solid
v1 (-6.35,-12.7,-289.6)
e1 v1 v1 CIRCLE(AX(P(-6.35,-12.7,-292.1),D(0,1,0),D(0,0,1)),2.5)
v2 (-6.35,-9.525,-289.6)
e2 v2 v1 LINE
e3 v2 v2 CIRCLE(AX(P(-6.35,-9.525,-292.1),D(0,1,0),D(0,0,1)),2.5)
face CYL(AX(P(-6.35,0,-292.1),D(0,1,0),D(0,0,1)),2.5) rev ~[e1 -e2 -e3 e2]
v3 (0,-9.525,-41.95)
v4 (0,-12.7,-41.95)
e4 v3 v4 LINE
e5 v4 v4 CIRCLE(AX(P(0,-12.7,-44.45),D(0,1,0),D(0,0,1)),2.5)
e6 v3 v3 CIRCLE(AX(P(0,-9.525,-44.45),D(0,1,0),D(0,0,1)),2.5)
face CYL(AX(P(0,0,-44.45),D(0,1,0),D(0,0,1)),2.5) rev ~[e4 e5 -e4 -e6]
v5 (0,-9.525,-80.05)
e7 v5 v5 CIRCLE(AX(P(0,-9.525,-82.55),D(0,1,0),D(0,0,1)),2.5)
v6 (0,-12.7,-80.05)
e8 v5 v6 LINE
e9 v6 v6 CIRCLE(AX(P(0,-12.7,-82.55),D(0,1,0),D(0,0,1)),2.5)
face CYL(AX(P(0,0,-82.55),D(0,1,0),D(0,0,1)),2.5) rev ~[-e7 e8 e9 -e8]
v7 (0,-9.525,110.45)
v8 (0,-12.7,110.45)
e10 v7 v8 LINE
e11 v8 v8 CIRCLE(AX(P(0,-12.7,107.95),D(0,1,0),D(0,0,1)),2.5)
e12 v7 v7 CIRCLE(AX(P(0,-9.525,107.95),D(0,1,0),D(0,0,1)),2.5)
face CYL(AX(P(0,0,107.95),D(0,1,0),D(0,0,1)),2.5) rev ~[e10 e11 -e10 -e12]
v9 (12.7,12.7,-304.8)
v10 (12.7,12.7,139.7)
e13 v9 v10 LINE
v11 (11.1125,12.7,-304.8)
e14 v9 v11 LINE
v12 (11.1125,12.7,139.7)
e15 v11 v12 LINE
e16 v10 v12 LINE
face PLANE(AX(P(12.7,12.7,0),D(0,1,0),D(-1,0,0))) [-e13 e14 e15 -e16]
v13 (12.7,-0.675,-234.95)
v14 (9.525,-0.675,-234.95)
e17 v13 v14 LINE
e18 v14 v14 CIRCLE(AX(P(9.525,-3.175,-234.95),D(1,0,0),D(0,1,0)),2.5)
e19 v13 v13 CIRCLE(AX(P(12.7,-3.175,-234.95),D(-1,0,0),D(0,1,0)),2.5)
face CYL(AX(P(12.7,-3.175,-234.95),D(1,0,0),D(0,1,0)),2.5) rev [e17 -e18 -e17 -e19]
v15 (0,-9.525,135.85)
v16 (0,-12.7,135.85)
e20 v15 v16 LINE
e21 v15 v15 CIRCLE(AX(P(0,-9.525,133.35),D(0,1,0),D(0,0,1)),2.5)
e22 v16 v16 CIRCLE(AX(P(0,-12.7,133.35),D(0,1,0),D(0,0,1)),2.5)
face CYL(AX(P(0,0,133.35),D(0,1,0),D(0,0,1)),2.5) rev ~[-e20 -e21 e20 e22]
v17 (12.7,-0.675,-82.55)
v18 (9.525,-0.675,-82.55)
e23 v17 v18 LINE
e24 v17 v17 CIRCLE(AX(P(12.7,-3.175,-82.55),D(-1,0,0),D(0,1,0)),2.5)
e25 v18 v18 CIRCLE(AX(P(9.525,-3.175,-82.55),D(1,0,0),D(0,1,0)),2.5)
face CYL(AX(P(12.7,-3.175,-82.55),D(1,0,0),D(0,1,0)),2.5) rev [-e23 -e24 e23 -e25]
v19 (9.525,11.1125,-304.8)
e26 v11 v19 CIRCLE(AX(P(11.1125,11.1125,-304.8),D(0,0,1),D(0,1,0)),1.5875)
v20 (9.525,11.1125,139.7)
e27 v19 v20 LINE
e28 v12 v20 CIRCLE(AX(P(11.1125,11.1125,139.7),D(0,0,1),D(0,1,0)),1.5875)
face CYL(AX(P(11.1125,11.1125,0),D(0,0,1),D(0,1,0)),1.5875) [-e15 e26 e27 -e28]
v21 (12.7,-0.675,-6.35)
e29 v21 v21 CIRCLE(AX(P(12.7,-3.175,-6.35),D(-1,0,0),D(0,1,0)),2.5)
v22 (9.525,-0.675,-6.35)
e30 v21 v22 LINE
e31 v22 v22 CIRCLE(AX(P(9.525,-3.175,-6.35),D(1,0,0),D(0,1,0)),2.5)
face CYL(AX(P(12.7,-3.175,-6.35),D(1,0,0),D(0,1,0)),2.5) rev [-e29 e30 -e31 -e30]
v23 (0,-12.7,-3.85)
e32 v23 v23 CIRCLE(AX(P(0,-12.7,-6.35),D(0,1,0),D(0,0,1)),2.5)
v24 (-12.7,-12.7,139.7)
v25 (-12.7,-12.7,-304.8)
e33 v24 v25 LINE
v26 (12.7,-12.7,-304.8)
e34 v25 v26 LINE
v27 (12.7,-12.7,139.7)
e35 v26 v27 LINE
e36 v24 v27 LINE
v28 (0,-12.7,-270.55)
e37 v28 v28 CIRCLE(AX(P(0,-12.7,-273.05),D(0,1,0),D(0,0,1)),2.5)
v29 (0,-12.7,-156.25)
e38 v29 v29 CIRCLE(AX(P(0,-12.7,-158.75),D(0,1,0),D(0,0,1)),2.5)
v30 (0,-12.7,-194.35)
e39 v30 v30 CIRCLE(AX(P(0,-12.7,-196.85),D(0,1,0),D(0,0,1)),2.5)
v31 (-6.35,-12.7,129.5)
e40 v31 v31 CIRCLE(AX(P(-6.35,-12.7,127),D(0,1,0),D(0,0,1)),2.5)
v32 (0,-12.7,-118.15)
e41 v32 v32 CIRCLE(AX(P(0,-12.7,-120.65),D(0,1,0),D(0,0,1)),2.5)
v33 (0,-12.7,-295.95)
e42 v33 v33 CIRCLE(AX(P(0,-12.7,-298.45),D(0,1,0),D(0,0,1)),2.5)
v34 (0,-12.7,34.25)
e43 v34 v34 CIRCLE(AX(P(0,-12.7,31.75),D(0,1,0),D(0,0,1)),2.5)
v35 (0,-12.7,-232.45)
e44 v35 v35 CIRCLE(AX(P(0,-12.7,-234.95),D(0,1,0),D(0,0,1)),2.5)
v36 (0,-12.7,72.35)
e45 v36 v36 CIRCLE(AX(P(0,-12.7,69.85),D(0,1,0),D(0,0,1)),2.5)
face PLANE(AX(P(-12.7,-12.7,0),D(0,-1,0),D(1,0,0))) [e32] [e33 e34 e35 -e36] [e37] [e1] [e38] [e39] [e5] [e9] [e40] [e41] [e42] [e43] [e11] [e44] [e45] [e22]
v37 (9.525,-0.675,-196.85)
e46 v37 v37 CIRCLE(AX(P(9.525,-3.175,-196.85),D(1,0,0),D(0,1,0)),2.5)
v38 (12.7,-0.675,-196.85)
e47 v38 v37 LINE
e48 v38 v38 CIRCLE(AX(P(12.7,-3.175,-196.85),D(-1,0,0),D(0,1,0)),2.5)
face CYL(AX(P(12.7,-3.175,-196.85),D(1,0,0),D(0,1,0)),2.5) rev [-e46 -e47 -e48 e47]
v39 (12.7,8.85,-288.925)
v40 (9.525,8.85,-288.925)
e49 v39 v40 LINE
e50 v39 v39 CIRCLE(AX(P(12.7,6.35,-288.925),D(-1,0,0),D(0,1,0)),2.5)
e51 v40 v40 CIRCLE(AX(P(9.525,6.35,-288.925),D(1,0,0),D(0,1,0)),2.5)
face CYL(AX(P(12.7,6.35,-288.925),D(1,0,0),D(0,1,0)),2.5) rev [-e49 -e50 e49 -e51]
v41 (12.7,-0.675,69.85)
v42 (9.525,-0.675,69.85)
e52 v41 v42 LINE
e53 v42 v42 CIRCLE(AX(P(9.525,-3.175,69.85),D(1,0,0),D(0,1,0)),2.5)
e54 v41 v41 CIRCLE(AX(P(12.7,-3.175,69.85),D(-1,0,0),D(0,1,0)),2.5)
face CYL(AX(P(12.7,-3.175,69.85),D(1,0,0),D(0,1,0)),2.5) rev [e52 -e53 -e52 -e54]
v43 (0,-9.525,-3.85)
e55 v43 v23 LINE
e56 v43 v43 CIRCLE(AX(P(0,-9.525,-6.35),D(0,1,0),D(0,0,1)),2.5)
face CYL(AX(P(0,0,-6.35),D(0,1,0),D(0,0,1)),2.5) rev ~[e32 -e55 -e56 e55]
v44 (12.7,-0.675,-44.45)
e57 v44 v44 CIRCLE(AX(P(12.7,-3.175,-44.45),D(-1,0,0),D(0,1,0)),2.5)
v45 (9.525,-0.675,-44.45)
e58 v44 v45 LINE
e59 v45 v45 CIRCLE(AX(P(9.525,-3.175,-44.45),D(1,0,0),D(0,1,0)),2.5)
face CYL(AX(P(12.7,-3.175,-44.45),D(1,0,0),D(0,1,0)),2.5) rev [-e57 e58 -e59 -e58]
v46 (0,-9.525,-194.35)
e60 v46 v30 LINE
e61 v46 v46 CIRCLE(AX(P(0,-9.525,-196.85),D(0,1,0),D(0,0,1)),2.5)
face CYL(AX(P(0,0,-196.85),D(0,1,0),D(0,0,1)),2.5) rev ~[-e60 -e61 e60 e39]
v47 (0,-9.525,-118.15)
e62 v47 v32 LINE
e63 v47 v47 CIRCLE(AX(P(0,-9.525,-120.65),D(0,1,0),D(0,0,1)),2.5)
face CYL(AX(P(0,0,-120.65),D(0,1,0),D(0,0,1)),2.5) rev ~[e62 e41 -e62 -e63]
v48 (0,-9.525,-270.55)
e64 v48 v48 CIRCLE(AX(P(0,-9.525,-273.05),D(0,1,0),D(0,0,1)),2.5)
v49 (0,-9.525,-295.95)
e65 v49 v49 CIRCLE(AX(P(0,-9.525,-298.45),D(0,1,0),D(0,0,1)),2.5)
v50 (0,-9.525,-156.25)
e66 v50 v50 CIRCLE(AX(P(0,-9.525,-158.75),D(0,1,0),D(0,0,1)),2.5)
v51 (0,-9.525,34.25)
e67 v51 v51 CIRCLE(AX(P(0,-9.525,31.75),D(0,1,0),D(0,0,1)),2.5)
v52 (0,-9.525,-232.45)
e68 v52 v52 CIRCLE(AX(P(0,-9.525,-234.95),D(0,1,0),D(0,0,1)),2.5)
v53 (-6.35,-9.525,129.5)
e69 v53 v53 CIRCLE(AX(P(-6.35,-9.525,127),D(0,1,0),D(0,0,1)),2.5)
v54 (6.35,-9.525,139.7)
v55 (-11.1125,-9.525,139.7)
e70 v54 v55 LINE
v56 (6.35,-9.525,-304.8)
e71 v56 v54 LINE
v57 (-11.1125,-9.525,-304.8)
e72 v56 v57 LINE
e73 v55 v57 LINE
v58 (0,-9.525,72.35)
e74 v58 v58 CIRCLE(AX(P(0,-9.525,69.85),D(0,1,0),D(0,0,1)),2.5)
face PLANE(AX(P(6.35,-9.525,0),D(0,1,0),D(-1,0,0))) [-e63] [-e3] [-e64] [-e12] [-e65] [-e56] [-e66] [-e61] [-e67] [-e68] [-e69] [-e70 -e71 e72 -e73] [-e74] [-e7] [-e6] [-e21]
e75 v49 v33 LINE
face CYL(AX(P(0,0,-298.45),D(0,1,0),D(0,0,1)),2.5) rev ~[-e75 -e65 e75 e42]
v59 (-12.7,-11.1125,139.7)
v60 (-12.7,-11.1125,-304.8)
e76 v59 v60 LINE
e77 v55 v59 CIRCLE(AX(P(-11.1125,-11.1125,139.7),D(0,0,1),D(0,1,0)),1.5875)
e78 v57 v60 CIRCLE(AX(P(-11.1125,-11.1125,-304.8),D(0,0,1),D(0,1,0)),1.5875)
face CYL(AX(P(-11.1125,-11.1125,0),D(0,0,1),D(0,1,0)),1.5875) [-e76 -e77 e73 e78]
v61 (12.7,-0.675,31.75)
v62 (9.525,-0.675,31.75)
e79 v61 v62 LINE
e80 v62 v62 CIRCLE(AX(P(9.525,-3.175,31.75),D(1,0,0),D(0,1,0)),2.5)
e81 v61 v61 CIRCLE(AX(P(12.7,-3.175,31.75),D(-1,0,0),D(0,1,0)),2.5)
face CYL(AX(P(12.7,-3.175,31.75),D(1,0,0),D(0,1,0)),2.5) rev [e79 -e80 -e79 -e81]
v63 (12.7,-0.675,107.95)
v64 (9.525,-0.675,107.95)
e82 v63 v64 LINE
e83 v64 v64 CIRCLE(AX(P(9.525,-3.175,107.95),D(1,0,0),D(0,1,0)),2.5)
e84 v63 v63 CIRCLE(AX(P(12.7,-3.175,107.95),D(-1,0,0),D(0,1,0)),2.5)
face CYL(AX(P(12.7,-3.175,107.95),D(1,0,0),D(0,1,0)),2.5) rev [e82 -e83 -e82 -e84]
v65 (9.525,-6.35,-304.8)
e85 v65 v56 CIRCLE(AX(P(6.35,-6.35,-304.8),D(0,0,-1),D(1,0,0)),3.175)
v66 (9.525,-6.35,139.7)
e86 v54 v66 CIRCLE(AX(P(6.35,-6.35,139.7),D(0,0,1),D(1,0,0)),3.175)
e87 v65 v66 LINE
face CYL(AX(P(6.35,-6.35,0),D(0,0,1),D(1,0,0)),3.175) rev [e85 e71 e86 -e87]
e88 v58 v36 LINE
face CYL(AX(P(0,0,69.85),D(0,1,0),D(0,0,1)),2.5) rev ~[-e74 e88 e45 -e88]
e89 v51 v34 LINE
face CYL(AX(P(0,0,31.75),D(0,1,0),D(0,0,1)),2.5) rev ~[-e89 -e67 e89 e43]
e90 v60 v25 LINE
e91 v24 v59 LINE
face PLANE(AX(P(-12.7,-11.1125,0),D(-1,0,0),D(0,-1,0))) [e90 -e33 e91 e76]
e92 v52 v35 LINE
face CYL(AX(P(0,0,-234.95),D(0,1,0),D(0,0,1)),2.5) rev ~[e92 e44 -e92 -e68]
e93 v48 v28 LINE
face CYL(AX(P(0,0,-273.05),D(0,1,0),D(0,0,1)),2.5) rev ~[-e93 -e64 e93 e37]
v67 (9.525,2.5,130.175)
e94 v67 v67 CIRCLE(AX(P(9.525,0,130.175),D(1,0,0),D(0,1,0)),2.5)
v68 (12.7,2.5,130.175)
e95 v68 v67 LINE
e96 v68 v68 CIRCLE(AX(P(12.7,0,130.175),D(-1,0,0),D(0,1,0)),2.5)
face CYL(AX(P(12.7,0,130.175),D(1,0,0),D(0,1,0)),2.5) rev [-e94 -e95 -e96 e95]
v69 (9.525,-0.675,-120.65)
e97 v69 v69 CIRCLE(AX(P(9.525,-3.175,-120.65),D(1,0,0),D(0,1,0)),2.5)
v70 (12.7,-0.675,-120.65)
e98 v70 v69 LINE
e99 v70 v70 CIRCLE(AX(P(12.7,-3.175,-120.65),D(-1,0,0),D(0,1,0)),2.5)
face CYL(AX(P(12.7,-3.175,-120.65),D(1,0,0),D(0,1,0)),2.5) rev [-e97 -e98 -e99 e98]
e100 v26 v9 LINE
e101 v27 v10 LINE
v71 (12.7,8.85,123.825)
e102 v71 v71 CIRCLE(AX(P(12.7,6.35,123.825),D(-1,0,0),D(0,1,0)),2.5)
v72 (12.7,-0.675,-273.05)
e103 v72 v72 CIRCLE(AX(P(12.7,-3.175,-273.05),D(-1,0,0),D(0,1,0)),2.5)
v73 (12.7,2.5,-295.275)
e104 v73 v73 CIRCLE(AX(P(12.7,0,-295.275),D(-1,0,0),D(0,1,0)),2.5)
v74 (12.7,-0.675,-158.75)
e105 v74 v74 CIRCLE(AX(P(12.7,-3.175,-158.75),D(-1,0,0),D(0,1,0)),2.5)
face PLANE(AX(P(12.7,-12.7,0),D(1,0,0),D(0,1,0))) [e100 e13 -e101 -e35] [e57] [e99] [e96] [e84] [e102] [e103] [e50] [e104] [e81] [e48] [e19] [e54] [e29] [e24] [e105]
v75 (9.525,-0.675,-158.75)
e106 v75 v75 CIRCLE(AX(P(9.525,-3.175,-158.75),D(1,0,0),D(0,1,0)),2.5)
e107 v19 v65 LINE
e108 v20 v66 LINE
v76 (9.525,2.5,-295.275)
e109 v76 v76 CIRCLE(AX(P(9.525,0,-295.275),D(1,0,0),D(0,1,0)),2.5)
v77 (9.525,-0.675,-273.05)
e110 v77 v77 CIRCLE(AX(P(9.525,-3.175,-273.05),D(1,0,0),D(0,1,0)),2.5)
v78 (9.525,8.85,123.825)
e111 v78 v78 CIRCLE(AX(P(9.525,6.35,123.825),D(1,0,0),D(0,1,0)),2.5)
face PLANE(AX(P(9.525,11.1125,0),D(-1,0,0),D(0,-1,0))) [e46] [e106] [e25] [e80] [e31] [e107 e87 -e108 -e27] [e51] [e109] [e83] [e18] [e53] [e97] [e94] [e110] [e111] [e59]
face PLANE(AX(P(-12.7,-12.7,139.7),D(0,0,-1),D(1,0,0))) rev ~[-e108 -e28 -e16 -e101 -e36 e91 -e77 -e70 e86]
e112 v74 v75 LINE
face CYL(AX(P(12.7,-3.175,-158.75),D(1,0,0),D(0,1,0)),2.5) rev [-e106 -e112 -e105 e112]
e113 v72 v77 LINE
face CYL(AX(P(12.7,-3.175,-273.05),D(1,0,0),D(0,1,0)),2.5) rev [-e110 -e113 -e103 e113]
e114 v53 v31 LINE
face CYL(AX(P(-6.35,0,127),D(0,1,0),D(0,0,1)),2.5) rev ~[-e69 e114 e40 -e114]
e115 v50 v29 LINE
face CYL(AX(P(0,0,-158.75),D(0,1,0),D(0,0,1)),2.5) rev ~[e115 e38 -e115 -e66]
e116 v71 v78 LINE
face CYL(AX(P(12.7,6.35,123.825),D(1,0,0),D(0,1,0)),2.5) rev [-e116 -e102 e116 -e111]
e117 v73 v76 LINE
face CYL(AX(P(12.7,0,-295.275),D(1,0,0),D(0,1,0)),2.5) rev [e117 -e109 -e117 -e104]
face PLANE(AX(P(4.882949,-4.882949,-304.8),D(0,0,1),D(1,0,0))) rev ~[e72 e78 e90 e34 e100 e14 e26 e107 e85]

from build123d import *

# Parameters (mm, degrees)
BOSS_EXTRUDE1_DEPTH = 304.8
SKETCH7_W           = 25.4
SKETCH7_H           = 165.1
CUT_EXTRUDE1_DEPTH  = 254
SKETCH3_R           = 2.5
CUT_EXTRUDE2_DEPTH  = 254
SKETCH8_R           = 2.5
CUT_EXTRUDE4_DEPTH  = 254


with BuildPart() as part:
    # Sketch2 → Boss-Extrude1 (new, symmetric)
    with BuildSketch(Plane.XY):
        with BuildLine():
            Line((-12.7, -12.7), (12.7, -12.7))
            Line((12.7, -12.7), (12.7, 12.7))
            Line((12.7, 12.7), (11.1125, 12.7))
            ThreePointArc((11.1125, 12.7), (9.989967985, 12.235032015), (9.525, 11.1125))
            Line((9.525, 11.1125), (9.525, -6.35))
            ThreePointArc((9.525, -6.35), (8.59506403, -8.59506403), (6.35, -9.525))
            Line((6.35, -9.525), (-11.1125, -9.525))
            ThreePointArc((-11.1125, -9.525), (-12.235032015, -9.989967985), (-12.7, -11.1125))
            Line((-12.7, -11.1125), (-12.7, -12.7))
        make_face()
    extrude(amount=BOSS_EXTRUDE1_DEPTH, both=True)

    # Sketch7 → Cut-Extrude1 (cut)
    with BuildSketch(Plane.XZ.offset(12.7)):
        with Locations((0, 222.25)):
            Rectangle(SKETCH7_W, SKETCH7_H)
    extrude(amount=-CUT_EXTRUDE1_DEPTH, mode=Mode.SUBTRACT)

    # Sketch3 → Cut-Extrude2 (cut)
    with BuildSketch(Plane(origin=(0, 0, 0), x_dir=(1, 0, 0), z_dir=(0, 1, 0))):
        with Locations(Location((-6.35, 292.1, 0), (0, 0, 270))):
            Circle(SKETCH3_R)
        with Locations(Location((0, 298.45, 0), (0, 0, 270))):
            Circle(SKETCH3_R)
        with Locations(Location((0, 273.05, 0), (0, 0, 270))):
            Circle(SKETCH3_R)
        with Locations(Location((0, 234.95, 0), (0, 0, 270))):
            Circle(SKETCH3_R)
        with Locations(Location((0, 196.85, 0), (0, 0, 270))):
            Circle(SKETCH3_R)
        with Locations(Location((0, 158.75, 0), (0, 0, 270))):
            Circle(SKETCH3_R)
        with Locations(Location((0, 120.65, 0), (0, 0, 270))):
            Circle(SKETCH3_R)
        with Locations(Location((0, 82.55, 0), (0, 0, 270))):
            Circle(SKETCH3_R)
        with Locations(Location((0, 44.45, 0), (0, 0, 270))):
            Circle(SKETCH3_R)
        with Locations(Location((0, 6.35, 0), (0, 0, 270))):
            Circle(SKETCH3_R)
        with Locations(Location((0, -31.75, 0), (0, 0, 270))):
            Circle(SKETCH3_R)
        with Locations(Location((0, -69.85, 0), (0, 0, 270))):
            Circle(SKETCH3_R)
        with Locations(Location((0, -107.95, 0), (0, 0, 270))):
            Circle(SKETCH3_R)
        with Locations(Location((0, -133.35, 0), (0, 0, 270))):
            Circle(SKETCH3_R)
        with Locations(Location((-6.35, -127, 0), (0, 0, 270))):
            Circle(SKETCH3_R)
    extrude(amount=-CUT_EXTRUDE2_DEPTH, mode=Mode.SUBTRACT)

    # Sketch8 → Cut-Extrude4 (cut)
    with BuildSketch(Plane(origin=(12.7, 0, -12.7), x_dir=(0, 0, 1), z_dir=(-1, 0, 0))):
        with Locations(Location((136.525, 6.35, 0), (0, 0, 90))):
            Circle(SKETCH8_R)
        with Locations(Location((142.875, 0, 0), (0, 0, 90))):
            Circle(SKETCH8_R)
        with Locations(Location((120.65, -3.175, 0), (0, 0, 90))):
            Circle(SKETCH8_R)
        with Locations(Location((82.55, -3.175, 0), (0, 0, 90))):
            Circle(SKETCH8_R)
        with Locations(Location((44.45, -3.175, 0), (0, 0, 90))):
            Circle(SKETCH8_R)
        with Locations(Location((6.35, -3.175, 0), (0, 0, 90))):
            Circle(SKETCH8_R)
        with Locations(Location((-31.75, -3.175, 0), (0, 0, 90))):
            Circle(SKETCH8_R)
        with Locations(Location((-69.85, -3.175, 0), (0, 0, 90))):
            Circle(SKETCH8_R)
        with Locations(Location((-107.95, -3.175, 0), (0, 0, 90))):
            Circle(SKETCH8_R)
        with Locations(Location((-146.05, -3.175, 0), (0, 0, 90))):
            Circle(SKETCH8_R)
        with Locations(Location((-184.15, -3.175, 0), (0, 0, 90))):
            Circle(SKETCH8_R)
        with Locations(Location((-222.25, -3.175, 0), (0, 0, 90))):
            Circle(SKETCH8_R)
        with Locations(Location((-260.35, -3.175, 0), (0, 0, 90))):
            Circle(SKETCH8_R)
        with Locations(Location((-282.575, 0, 0), (0, 0, 90))):
            Circle(SKETCH8_R)
        with Locations(Location((-276.225, 6.35, 0), (0, 0, 90))):
            Circle(SKETCH8_R)
    extrude(amount=CUT_EXTRUDE4_DEPTH, mode=Mode.SUBTRACT)


solid = part.part
